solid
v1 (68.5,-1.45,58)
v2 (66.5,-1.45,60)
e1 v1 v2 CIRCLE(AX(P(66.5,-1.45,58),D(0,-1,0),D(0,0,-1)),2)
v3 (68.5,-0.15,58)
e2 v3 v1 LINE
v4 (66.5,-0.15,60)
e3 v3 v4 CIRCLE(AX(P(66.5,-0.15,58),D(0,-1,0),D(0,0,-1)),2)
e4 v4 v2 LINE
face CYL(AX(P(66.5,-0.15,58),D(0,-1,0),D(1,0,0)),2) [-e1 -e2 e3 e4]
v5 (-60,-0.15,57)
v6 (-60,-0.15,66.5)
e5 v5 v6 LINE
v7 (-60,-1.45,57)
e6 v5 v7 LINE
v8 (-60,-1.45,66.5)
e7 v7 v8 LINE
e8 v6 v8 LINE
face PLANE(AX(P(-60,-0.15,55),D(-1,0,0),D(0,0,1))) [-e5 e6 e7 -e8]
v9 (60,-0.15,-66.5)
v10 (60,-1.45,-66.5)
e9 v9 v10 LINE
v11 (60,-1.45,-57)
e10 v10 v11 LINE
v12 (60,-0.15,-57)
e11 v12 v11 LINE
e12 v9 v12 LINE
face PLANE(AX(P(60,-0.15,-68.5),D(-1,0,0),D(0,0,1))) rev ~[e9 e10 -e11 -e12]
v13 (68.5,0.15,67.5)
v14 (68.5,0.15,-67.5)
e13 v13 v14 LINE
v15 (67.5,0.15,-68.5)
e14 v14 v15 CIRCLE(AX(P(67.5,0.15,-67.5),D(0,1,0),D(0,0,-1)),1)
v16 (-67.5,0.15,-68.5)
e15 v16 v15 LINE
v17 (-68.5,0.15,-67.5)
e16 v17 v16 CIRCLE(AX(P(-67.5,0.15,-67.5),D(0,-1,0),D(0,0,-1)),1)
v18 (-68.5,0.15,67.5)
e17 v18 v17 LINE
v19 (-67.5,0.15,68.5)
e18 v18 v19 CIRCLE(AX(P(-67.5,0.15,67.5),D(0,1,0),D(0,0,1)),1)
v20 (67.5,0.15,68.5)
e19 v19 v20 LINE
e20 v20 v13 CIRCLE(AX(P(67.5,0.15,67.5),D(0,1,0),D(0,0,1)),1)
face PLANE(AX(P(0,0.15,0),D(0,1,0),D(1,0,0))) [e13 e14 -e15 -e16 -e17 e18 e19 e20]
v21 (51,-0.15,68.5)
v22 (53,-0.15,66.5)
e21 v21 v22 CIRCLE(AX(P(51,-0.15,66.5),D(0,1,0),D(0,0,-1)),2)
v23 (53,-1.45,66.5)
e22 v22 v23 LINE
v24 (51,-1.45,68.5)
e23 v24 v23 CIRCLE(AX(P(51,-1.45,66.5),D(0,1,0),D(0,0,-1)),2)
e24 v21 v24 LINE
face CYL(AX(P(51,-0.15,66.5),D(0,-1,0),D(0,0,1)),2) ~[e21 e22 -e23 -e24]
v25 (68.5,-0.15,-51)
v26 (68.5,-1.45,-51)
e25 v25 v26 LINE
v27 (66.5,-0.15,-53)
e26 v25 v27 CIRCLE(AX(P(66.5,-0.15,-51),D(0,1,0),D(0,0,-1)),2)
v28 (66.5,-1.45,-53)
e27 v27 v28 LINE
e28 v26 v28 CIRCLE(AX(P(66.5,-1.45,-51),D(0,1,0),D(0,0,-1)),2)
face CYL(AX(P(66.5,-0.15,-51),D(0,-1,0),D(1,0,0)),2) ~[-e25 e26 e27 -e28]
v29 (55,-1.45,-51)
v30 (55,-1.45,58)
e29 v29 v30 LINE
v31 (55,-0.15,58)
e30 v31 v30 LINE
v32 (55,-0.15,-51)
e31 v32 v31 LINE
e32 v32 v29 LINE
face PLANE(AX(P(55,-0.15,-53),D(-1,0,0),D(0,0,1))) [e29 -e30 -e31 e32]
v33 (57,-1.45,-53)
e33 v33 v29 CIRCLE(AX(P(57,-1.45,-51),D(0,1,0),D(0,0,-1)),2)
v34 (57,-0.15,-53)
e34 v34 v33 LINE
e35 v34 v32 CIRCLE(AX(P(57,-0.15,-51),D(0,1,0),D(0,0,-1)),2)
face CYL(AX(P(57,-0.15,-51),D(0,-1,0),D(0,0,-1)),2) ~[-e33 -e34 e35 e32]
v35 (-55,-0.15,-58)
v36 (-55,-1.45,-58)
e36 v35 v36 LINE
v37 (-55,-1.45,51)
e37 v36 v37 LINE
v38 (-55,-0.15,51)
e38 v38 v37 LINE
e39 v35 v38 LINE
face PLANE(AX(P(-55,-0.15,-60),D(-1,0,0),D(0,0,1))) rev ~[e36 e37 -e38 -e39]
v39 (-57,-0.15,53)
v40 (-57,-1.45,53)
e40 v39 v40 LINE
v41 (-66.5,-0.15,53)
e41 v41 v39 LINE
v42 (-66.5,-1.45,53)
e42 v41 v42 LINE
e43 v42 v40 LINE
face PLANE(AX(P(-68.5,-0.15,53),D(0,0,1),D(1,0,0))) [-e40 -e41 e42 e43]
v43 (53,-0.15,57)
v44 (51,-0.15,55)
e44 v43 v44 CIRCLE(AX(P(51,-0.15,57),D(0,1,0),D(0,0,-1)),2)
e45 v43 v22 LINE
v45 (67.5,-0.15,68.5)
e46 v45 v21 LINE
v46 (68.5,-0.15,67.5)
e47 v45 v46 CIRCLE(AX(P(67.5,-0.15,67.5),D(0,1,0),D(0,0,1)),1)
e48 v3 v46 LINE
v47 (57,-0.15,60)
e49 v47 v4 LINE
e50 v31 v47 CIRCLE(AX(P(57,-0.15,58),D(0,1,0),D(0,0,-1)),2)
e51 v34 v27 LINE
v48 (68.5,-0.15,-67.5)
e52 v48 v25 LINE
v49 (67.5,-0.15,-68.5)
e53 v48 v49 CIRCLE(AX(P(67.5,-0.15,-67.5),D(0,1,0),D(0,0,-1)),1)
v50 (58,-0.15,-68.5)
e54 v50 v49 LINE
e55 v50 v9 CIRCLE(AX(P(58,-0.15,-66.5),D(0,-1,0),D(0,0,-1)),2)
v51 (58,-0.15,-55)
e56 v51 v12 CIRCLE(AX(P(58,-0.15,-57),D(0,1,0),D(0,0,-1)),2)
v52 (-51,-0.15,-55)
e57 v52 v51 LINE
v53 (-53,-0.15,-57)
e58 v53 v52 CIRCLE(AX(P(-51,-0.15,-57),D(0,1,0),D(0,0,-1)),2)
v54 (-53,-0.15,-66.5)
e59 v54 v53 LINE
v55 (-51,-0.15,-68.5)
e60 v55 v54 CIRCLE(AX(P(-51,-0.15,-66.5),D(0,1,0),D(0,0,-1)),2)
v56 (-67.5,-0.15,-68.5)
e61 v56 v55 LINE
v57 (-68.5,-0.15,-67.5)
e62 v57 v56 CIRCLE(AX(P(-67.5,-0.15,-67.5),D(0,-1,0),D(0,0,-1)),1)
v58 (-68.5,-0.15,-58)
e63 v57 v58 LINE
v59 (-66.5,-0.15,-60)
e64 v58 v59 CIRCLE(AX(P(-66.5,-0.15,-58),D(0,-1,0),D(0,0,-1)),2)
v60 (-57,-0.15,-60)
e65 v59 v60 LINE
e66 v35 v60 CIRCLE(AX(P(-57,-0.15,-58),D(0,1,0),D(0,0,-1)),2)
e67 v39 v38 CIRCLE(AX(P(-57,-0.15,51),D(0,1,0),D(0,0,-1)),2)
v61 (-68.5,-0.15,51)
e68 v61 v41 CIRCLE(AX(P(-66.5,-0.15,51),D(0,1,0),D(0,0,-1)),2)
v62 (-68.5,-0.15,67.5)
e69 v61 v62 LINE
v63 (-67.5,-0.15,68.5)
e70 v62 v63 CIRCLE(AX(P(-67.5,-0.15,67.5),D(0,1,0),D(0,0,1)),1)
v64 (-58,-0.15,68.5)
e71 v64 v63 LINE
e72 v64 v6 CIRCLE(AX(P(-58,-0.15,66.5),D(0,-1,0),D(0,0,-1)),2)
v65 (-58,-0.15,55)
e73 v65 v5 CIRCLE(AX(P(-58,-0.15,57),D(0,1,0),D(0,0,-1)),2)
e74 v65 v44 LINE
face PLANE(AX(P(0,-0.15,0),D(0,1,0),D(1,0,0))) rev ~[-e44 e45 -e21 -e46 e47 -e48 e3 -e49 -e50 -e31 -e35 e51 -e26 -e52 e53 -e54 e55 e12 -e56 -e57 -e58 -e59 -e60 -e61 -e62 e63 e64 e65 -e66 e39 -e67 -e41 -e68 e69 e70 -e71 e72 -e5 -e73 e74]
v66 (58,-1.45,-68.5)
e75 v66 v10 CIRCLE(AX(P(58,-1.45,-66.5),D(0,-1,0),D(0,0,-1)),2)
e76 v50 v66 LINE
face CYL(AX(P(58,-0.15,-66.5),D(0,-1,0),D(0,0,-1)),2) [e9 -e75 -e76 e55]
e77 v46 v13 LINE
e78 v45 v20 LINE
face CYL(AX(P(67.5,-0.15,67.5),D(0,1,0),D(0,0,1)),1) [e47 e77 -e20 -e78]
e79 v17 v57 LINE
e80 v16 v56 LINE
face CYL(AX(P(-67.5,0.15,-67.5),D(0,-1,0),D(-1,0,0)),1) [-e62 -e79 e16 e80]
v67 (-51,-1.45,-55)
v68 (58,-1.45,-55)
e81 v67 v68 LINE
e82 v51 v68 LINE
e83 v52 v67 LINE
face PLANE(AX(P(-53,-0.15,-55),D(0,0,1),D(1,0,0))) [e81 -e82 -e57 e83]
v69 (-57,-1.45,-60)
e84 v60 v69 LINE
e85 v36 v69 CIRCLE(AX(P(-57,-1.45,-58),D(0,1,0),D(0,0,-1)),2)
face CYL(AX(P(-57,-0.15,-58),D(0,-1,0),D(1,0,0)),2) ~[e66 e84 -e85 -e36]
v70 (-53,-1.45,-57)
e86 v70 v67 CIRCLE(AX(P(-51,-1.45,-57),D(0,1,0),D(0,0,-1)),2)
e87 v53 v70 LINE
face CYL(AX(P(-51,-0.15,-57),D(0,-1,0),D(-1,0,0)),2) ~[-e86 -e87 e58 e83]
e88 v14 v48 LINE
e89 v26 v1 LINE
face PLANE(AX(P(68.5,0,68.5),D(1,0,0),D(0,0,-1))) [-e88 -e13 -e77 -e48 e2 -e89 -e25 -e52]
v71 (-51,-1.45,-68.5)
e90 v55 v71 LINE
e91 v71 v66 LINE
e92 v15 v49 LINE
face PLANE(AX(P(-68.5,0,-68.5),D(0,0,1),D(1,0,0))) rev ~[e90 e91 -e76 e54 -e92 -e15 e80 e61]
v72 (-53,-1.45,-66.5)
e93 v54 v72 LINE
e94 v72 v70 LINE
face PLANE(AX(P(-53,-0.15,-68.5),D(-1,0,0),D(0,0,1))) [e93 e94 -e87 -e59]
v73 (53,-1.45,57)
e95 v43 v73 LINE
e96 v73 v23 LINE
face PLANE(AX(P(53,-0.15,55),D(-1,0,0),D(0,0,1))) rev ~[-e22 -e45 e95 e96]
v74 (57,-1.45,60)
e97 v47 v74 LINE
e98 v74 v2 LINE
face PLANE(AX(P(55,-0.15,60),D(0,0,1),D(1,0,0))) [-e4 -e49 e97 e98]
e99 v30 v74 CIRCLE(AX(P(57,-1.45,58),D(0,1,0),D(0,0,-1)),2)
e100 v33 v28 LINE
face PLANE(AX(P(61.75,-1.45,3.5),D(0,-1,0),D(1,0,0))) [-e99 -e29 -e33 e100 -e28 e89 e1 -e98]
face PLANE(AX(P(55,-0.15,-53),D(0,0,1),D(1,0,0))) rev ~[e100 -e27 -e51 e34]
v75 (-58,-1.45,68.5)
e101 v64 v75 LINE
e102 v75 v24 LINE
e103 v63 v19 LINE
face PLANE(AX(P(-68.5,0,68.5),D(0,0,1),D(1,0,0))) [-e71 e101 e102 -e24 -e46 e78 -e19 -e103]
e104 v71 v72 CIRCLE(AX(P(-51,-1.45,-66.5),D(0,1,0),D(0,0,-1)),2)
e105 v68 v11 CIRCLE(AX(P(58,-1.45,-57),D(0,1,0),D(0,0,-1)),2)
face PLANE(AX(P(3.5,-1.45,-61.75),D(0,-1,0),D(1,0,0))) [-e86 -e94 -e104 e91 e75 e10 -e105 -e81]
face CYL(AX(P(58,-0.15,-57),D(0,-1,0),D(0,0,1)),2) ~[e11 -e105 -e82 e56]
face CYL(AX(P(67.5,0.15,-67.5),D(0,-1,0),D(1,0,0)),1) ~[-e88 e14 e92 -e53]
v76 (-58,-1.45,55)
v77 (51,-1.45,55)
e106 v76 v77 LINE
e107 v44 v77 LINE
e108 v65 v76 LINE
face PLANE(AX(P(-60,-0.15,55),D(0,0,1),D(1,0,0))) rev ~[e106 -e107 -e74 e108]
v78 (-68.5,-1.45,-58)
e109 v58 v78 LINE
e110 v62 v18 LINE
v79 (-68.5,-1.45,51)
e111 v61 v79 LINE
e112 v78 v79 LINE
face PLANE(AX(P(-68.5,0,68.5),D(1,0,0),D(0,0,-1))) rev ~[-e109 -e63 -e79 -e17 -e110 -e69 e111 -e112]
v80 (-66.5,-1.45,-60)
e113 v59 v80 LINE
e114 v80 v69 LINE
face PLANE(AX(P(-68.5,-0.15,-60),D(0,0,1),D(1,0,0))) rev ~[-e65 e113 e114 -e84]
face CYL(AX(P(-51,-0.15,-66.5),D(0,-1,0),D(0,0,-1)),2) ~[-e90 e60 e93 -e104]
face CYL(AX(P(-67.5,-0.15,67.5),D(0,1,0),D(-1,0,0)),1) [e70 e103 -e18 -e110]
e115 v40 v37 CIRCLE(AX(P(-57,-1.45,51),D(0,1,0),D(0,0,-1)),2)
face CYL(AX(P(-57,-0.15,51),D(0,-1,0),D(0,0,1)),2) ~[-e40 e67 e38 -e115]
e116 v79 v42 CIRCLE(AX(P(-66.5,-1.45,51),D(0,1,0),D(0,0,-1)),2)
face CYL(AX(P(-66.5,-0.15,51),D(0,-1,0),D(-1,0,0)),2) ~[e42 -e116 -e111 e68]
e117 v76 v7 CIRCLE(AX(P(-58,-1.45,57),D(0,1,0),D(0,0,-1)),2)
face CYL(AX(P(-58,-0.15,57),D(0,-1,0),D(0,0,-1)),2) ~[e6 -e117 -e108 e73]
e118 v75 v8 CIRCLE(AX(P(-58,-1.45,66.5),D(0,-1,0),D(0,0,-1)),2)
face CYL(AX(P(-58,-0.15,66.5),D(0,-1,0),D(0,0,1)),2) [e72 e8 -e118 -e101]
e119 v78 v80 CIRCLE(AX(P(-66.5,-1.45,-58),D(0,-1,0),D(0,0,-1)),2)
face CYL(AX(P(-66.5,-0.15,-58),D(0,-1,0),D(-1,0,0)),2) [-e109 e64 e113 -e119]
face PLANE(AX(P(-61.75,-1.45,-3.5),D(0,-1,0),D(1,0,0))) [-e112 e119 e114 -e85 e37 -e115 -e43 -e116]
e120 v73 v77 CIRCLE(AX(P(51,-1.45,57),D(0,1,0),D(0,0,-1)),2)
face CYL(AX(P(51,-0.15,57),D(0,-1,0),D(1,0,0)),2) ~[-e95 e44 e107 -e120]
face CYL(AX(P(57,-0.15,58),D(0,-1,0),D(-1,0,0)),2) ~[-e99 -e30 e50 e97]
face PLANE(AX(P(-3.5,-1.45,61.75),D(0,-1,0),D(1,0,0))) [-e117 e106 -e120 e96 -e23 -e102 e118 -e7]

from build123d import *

# Parameters (mm, degrees)
SKETCH1_W           = 137
SKETCH1_H           = 137
BOSS_EXTRUDE1_DEPTH = 0.15
SKETCH2_W           = 13.5
SKETCH2_H           = 113
SKETCH2_W_2         = 113
SKETCH2_H_2         = 13.5
BOSS_EXTRUDE2_DEPTH = 1.3
FILLET1_R           = 2
FILLET2_R           = 1


with BuildPart() as part:
    # Sketch1 → Boss-Extrude1 (new, symmetric)
    with BuildSketch(Plane(origin=(0, 0, 0), x_dir=(1, 0, 0), z_dir=(0, 1, 0))):
        Rectangle(SKETCH1_W, SKETCH1_H)
    extrude(amount=BOSS_EXTRUDE1_DEPTH, both=True)

    # Sketch2 → Boss-Extrude2 (add)
    with BuildSketch(Plane.XZ.offset(0.15)):
        with Locations((-61.75, -3.5)):
            Rectangle(SKETCH2_W, SKETCH2_H)
        with Locations((3.5, -61.75)):
            Rectangle(SKETCH2_W_2, SKETCH2_H_2)
        with Locations((-3.5, 61.75)):
            Rectangle(SKETCH2_W_2, SKETCH2_H_2)
        with Locations((61.75, 3.5)):
            Rectangle(SKETCH2_W, SKETCH2_H)
    extrude(amount=BOSS_EXTRUDE2_DEPTH)

    # Fillet1
    fillet1_edges = [part.edges().sort_by_distance(p)[0] for p in [
        (60, -0.8, -68.5),
        (60, -0.8, -55),
        (-53, -0.8, -55),
        (-53, -0.8, -68.5),
        (-55, -0.8, -60),
        (-55, -0.8, 53),
        (-68.5, -0.8, 53),
        (-68.5, -0.8, -60),
        (-60, -0.8, 55),
        (53, -0.8, 55),
        (53, -0.8, 68.5),
        (-60, -0.8, 68.5),
        (55, -0.8, 60),
        (55, -0.8, -53),
        (68.5, -0.8, -53),
        (68.5, -0.8, 60),
    ]]
    fillet(fillet1_edges, radius=FILLET1_R)

    # Fillet2
    fillet2_edges = [part.edges().sort_by_distance(p)[0] for p in [
        (68.5, 0, 68.5),
        (-68.5, 0, 68.5),
        (-68.5, 0, -68.5),
        (68.5, 0, -68.5),
    ]]
    fillet(fillet2_edges, radius=FILLET2_R)


solid = part.part
